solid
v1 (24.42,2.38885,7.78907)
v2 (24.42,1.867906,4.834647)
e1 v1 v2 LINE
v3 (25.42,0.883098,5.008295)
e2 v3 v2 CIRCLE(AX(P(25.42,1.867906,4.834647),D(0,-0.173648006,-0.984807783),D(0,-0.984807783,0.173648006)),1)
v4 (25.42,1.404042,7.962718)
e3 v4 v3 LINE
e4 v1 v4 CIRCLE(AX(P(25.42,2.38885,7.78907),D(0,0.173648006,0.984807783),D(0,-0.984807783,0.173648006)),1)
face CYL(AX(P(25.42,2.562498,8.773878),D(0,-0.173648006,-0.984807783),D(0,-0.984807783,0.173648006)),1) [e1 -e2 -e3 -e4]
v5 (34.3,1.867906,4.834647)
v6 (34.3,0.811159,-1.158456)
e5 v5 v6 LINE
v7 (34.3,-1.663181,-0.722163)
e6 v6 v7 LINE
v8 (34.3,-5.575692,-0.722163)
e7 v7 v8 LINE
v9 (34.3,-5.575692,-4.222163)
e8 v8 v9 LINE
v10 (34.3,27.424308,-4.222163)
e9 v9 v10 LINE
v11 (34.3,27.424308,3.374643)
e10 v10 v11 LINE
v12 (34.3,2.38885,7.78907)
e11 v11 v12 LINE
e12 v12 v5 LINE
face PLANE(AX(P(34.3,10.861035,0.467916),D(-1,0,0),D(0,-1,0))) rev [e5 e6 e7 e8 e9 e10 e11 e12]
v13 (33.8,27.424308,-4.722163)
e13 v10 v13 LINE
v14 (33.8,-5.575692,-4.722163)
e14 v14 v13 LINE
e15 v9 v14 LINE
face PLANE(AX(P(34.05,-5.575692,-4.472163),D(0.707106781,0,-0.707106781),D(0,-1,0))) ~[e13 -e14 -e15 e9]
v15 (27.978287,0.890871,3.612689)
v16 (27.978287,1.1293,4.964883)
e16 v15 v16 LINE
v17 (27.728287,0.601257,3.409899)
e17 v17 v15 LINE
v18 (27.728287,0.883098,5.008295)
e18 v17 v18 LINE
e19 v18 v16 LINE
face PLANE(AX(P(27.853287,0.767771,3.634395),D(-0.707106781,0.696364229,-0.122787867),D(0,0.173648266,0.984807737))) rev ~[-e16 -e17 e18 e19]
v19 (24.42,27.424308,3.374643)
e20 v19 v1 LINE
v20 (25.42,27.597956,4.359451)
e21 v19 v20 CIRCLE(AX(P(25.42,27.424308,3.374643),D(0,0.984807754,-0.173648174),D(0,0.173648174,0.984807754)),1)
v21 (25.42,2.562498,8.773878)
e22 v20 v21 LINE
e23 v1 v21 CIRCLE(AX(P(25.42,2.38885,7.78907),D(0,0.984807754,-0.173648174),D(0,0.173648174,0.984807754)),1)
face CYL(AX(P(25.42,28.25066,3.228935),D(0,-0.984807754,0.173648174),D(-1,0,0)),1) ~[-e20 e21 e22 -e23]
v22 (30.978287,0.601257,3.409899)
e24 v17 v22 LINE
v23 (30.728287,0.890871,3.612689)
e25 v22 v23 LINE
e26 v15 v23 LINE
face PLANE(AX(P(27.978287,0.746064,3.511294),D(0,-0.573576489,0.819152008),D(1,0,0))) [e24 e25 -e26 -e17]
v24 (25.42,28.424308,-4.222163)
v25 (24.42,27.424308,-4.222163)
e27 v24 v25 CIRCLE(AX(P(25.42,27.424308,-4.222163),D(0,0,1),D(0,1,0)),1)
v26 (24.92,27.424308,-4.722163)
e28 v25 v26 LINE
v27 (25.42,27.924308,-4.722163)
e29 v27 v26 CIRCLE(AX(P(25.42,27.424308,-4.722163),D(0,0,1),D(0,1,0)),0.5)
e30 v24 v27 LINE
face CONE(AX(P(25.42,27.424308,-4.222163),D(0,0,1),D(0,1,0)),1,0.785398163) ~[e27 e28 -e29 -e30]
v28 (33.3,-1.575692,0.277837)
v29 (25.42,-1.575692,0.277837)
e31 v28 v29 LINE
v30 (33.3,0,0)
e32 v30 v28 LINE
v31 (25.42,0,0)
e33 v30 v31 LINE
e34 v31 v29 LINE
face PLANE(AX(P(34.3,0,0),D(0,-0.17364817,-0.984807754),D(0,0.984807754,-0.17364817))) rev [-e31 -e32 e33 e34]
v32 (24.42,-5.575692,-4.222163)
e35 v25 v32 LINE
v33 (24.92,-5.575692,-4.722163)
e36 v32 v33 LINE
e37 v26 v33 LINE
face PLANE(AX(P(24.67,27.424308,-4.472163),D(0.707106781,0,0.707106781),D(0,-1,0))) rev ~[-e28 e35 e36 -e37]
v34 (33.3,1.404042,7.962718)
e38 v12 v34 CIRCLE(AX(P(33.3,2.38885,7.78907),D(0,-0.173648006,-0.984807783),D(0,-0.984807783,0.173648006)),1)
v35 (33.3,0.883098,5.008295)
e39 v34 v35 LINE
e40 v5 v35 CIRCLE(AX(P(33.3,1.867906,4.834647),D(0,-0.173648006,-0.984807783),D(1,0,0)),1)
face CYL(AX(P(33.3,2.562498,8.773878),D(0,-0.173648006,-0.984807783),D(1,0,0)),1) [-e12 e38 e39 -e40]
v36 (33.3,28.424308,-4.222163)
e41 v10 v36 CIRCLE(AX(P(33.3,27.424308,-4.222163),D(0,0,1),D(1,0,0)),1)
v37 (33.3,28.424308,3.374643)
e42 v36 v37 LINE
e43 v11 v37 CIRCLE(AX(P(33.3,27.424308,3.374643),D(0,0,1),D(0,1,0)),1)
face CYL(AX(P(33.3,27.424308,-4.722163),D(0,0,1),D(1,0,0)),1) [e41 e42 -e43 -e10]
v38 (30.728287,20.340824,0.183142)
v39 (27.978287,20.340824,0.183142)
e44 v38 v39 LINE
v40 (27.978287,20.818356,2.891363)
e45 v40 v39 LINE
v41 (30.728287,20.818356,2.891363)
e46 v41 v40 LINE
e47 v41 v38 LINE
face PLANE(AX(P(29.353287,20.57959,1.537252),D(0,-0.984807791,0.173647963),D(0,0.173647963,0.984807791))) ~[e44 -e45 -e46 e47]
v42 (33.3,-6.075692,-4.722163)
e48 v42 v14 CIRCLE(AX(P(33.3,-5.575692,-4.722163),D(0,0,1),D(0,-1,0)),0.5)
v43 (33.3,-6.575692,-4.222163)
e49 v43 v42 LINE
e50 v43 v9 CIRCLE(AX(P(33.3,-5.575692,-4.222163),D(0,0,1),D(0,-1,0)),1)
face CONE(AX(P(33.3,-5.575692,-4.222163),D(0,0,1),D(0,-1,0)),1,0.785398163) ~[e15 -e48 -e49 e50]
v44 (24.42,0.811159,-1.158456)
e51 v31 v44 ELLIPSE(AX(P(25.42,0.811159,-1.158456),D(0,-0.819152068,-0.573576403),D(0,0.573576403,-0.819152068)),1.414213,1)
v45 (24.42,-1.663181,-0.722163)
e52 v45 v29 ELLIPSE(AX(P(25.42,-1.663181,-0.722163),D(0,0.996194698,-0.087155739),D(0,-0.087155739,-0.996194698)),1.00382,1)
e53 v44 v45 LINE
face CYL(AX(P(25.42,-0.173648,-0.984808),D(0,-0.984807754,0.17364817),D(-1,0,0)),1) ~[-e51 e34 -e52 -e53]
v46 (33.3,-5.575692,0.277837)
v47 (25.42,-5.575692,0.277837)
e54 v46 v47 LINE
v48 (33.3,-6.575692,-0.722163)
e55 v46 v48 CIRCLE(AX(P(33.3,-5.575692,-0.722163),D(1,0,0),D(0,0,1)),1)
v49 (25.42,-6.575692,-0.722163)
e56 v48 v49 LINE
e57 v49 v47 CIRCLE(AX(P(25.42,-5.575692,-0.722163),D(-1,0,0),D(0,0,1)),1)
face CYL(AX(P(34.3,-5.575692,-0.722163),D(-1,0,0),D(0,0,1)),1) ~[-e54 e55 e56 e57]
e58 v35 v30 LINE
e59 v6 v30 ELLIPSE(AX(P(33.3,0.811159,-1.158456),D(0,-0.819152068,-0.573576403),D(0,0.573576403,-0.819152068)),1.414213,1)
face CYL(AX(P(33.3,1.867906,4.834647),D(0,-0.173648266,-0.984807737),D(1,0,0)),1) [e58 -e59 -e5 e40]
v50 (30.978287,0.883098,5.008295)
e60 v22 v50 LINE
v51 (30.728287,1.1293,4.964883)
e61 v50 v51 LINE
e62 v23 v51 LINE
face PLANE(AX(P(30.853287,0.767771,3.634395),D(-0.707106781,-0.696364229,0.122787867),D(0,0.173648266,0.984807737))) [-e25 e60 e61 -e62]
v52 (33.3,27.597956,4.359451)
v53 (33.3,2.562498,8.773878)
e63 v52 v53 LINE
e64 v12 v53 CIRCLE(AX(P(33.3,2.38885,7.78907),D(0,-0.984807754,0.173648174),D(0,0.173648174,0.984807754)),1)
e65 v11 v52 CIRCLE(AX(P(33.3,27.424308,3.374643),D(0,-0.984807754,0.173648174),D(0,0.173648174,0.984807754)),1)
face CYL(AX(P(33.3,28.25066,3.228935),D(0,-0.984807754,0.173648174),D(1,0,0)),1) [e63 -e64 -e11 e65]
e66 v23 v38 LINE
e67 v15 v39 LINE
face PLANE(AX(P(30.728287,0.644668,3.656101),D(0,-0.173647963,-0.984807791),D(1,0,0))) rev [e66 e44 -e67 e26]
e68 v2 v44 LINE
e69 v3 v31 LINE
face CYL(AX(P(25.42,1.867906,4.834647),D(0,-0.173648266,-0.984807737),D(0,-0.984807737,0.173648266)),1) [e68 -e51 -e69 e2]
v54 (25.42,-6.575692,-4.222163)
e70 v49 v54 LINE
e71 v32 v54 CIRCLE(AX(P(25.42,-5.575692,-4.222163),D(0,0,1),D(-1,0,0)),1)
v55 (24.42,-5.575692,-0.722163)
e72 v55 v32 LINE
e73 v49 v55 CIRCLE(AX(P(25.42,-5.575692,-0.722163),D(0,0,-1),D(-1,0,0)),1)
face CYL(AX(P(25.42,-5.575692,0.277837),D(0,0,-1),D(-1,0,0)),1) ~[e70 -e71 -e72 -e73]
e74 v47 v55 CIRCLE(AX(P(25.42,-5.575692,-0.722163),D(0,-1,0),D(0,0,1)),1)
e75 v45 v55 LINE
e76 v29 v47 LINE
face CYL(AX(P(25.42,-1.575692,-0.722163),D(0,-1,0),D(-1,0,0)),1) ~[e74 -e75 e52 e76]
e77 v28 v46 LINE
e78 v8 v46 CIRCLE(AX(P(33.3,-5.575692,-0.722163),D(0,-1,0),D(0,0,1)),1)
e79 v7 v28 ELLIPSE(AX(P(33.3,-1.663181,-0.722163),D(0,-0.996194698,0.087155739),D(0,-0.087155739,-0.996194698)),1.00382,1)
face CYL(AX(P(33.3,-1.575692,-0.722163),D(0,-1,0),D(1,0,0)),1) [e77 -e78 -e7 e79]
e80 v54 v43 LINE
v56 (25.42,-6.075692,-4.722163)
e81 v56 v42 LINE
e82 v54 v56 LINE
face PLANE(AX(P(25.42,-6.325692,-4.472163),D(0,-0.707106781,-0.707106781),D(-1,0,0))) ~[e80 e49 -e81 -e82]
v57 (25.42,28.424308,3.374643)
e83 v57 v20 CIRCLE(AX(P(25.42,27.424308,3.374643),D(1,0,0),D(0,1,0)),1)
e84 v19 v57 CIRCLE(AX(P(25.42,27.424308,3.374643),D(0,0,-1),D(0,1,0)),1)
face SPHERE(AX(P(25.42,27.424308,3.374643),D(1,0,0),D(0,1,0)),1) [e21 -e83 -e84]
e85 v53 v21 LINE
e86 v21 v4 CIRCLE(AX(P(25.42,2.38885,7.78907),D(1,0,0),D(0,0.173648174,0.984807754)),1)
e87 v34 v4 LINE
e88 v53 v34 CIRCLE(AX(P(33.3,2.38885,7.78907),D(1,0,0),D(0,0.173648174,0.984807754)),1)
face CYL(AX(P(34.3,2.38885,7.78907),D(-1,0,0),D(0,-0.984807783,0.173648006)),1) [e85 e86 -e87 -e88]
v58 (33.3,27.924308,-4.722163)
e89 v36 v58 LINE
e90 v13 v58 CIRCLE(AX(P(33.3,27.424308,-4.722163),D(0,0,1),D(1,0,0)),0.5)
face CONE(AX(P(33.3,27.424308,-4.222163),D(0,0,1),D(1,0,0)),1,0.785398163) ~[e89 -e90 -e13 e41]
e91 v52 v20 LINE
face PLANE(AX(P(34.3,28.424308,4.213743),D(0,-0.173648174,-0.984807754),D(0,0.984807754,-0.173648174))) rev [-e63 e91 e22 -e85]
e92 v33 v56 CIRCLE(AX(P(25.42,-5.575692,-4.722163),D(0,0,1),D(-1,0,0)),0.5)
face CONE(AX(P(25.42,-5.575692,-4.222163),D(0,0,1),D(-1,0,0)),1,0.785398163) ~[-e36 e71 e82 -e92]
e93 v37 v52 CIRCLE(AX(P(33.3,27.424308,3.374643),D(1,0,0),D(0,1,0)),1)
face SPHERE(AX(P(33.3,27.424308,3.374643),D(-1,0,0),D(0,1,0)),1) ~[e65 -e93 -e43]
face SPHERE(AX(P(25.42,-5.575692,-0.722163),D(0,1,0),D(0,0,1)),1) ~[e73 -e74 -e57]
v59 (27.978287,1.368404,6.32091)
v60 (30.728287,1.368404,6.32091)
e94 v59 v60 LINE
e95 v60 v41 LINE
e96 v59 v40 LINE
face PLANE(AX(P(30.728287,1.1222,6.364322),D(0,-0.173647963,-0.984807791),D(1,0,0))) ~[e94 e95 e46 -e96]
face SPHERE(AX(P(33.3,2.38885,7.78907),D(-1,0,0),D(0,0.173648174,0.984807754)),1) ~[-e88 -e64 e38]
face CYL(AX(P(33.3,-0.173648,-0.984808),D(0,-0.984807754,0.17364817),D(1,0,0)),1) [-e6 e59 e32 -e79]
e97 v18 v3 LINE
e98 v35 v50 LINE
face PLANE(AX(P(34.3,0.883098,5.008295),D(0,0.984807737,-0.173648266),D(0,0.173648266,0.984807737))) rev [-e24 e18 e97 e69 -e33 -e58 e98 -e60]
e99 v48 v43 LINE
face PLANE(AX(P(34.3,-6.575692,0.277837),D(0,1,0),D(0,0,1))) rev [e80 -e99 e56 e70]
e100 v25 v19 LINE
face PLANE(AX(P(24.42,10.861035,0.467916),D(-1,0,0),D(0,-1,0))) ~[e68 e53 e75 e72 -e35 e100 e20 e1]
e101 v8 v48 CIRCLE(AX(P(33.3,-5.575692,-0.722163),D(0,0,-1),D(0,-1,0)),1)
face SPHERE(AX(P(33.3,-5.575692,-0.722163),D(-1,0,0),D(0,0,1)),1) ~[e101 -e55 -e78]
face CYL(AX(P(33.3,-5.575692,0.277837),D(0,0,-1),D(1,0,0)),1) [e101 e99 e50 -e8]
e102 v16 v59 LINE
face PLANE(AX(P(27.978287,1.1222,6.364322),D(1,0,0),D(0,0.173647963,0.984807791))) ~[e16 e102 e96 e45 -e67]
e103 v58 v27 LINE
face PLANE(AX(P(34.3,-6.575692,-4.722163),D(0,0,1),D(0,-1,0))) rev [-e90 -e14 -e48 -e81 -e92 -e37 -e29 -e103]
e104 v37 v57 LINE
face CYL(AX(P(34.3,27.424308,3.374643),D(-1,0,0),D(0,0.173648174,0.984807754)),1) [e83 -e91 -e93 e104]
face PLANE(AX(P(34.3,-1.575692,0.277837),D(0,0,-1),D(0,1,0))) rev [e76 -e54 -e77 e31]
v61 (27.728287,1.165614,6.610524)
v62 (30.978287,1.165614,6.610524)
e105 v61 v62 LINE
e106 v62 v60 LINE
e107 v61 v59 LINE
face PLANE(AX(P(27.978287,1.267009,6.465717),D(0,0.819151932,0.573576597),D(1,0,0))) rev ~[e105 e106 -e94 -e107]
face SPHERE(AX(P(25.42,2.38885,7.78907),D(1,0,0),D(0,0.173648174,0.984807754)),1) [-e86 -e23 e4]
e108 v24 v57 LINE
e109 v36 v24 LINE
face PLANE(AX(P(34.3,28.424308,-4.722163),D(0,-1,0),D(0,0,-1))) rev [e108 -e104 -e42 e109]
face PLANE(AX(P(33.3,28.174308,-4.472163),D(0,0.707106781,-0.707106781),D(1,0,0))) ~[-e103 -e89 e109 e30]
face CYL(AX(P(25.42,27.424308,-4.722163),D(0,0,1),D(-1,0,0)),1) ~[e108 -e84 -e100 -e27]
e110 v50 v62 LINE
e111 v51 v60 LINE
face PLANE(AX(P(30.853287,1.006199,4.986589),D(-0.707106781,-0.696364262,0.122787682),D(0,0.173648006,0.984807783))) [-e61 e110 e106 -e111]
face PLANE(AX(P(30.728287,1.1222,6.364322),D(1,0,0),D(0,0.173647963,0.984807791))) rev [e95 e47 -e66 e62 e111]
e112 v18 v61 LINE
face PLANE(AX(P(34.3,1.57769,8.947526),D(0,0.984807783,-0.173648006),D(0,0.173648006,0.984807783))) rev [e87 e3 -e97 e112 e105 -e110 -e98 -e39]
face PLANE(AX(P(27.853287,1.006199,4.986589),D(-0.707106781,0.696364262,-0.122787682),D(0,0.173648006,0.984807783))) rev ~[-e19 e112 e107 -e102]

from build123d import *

# Parameters (mm, degrees)
PAD_DEPTH       = 9.88
SKETCH001_W     = 2.75
SKETCH001_H     = 2.75
POCKET_DEPTH    = 20
FILLET_R        = 1
CHAMFER_SIZE    = 0.5
CHAMFER001_SIZE = 0.25


with BuildPart() as foot:
    # Sketch → Pad (new body)
    with BuildSketch(Plane.YZ):
        Polygon((1.57769, 8.947526), (0.883098, 5.008295), (0, 0), (-1.575692, 0.277837), (-6.575692, 0.277837), (-6.575692, -4.722163), (28.424308, -4.722163), (28.424308, 4.213743), align=None)
    extrude(amount=PAD_DEPTH)

    # Sketch001 (on Face9 of Pad) → Pocket (cut)
    with BuildSketch(Plane(origin=(0, 0, 0), x_dir=(0, -0.173648, -0.984808), z_dir=(0, -0.984808, 0.173648))):
        with Locations((-5.087502, 4.946713)):
            Rectangle(SKETCH001_W, SKETCH001_H)
    extrude(amount=-POCKET_DEPTH, mode=Mode.SUBTRACT)

    # Fillet
    fillet_edges = [foot.edges().sort_by_distance(p)[0] for p in [
        (9.88, -4.075692, 0.277837),
        (4.94, -6.575692, 0.277837),
        (0, -4.075692, 0.277837),
        (4.94, 1.57769, 8.947526),
        (0, 15.000999, 6.580635),
        (9.88, 15.000999, 6.580635),
        (9.88, 0.788845, 4.473763),
        (0, 0.788845, 4.473763),
        (4.94, 28.424308, 4.213743),
        (9.88, 28.424308, -0.25421),
        (9.88, -0.787846, 0.138919),
        (0, -0.787846, 0.138919),
        (9.88, -6.575692, -2.222163),
        (0, -6.575692, -2.222163),
        (0, 28.424308, -0.25421),
    ]]
    fillet(fillet_edges, radius=FILLET_R)

    # Chamfer
    chamfer_edges = [foot.edges().sort_by_distance(p)[0] for p in [
        (0, 10.924308, -4.722163),
    ]]
    chamfer(chamfer_edges, length=CHAMFER_SIZE)

    # Chamfer001
    chamfer001_edges = [foot.edges().sort_by_distance(p)[0] for p in [
        (3.571713, 0.883435, 5.010211),
        (4.946713, 1.122202, 6.364322),
        (6.321713, 0.883435, 5.010211),
        (4.946713, 0.644669, 3.656101),
    ]]
    chamfer(chamfer001_edges, length=CHAMFER001_SIZE)


with BuildPart() as foot_1:
    # Body placement: moved
    add(foot.part.moved(Location((-34.3, 0, 0))))


with BuildPart() as foot_mirror:
    # Part__Mirroring: instance of Foot
    add(foot_1.part.mirror(Plane(origin=(0, 0, 0), x_dir=(0, -1, 0), z_dir=(1, 0, 0))))


solid = foot_mirror.part
